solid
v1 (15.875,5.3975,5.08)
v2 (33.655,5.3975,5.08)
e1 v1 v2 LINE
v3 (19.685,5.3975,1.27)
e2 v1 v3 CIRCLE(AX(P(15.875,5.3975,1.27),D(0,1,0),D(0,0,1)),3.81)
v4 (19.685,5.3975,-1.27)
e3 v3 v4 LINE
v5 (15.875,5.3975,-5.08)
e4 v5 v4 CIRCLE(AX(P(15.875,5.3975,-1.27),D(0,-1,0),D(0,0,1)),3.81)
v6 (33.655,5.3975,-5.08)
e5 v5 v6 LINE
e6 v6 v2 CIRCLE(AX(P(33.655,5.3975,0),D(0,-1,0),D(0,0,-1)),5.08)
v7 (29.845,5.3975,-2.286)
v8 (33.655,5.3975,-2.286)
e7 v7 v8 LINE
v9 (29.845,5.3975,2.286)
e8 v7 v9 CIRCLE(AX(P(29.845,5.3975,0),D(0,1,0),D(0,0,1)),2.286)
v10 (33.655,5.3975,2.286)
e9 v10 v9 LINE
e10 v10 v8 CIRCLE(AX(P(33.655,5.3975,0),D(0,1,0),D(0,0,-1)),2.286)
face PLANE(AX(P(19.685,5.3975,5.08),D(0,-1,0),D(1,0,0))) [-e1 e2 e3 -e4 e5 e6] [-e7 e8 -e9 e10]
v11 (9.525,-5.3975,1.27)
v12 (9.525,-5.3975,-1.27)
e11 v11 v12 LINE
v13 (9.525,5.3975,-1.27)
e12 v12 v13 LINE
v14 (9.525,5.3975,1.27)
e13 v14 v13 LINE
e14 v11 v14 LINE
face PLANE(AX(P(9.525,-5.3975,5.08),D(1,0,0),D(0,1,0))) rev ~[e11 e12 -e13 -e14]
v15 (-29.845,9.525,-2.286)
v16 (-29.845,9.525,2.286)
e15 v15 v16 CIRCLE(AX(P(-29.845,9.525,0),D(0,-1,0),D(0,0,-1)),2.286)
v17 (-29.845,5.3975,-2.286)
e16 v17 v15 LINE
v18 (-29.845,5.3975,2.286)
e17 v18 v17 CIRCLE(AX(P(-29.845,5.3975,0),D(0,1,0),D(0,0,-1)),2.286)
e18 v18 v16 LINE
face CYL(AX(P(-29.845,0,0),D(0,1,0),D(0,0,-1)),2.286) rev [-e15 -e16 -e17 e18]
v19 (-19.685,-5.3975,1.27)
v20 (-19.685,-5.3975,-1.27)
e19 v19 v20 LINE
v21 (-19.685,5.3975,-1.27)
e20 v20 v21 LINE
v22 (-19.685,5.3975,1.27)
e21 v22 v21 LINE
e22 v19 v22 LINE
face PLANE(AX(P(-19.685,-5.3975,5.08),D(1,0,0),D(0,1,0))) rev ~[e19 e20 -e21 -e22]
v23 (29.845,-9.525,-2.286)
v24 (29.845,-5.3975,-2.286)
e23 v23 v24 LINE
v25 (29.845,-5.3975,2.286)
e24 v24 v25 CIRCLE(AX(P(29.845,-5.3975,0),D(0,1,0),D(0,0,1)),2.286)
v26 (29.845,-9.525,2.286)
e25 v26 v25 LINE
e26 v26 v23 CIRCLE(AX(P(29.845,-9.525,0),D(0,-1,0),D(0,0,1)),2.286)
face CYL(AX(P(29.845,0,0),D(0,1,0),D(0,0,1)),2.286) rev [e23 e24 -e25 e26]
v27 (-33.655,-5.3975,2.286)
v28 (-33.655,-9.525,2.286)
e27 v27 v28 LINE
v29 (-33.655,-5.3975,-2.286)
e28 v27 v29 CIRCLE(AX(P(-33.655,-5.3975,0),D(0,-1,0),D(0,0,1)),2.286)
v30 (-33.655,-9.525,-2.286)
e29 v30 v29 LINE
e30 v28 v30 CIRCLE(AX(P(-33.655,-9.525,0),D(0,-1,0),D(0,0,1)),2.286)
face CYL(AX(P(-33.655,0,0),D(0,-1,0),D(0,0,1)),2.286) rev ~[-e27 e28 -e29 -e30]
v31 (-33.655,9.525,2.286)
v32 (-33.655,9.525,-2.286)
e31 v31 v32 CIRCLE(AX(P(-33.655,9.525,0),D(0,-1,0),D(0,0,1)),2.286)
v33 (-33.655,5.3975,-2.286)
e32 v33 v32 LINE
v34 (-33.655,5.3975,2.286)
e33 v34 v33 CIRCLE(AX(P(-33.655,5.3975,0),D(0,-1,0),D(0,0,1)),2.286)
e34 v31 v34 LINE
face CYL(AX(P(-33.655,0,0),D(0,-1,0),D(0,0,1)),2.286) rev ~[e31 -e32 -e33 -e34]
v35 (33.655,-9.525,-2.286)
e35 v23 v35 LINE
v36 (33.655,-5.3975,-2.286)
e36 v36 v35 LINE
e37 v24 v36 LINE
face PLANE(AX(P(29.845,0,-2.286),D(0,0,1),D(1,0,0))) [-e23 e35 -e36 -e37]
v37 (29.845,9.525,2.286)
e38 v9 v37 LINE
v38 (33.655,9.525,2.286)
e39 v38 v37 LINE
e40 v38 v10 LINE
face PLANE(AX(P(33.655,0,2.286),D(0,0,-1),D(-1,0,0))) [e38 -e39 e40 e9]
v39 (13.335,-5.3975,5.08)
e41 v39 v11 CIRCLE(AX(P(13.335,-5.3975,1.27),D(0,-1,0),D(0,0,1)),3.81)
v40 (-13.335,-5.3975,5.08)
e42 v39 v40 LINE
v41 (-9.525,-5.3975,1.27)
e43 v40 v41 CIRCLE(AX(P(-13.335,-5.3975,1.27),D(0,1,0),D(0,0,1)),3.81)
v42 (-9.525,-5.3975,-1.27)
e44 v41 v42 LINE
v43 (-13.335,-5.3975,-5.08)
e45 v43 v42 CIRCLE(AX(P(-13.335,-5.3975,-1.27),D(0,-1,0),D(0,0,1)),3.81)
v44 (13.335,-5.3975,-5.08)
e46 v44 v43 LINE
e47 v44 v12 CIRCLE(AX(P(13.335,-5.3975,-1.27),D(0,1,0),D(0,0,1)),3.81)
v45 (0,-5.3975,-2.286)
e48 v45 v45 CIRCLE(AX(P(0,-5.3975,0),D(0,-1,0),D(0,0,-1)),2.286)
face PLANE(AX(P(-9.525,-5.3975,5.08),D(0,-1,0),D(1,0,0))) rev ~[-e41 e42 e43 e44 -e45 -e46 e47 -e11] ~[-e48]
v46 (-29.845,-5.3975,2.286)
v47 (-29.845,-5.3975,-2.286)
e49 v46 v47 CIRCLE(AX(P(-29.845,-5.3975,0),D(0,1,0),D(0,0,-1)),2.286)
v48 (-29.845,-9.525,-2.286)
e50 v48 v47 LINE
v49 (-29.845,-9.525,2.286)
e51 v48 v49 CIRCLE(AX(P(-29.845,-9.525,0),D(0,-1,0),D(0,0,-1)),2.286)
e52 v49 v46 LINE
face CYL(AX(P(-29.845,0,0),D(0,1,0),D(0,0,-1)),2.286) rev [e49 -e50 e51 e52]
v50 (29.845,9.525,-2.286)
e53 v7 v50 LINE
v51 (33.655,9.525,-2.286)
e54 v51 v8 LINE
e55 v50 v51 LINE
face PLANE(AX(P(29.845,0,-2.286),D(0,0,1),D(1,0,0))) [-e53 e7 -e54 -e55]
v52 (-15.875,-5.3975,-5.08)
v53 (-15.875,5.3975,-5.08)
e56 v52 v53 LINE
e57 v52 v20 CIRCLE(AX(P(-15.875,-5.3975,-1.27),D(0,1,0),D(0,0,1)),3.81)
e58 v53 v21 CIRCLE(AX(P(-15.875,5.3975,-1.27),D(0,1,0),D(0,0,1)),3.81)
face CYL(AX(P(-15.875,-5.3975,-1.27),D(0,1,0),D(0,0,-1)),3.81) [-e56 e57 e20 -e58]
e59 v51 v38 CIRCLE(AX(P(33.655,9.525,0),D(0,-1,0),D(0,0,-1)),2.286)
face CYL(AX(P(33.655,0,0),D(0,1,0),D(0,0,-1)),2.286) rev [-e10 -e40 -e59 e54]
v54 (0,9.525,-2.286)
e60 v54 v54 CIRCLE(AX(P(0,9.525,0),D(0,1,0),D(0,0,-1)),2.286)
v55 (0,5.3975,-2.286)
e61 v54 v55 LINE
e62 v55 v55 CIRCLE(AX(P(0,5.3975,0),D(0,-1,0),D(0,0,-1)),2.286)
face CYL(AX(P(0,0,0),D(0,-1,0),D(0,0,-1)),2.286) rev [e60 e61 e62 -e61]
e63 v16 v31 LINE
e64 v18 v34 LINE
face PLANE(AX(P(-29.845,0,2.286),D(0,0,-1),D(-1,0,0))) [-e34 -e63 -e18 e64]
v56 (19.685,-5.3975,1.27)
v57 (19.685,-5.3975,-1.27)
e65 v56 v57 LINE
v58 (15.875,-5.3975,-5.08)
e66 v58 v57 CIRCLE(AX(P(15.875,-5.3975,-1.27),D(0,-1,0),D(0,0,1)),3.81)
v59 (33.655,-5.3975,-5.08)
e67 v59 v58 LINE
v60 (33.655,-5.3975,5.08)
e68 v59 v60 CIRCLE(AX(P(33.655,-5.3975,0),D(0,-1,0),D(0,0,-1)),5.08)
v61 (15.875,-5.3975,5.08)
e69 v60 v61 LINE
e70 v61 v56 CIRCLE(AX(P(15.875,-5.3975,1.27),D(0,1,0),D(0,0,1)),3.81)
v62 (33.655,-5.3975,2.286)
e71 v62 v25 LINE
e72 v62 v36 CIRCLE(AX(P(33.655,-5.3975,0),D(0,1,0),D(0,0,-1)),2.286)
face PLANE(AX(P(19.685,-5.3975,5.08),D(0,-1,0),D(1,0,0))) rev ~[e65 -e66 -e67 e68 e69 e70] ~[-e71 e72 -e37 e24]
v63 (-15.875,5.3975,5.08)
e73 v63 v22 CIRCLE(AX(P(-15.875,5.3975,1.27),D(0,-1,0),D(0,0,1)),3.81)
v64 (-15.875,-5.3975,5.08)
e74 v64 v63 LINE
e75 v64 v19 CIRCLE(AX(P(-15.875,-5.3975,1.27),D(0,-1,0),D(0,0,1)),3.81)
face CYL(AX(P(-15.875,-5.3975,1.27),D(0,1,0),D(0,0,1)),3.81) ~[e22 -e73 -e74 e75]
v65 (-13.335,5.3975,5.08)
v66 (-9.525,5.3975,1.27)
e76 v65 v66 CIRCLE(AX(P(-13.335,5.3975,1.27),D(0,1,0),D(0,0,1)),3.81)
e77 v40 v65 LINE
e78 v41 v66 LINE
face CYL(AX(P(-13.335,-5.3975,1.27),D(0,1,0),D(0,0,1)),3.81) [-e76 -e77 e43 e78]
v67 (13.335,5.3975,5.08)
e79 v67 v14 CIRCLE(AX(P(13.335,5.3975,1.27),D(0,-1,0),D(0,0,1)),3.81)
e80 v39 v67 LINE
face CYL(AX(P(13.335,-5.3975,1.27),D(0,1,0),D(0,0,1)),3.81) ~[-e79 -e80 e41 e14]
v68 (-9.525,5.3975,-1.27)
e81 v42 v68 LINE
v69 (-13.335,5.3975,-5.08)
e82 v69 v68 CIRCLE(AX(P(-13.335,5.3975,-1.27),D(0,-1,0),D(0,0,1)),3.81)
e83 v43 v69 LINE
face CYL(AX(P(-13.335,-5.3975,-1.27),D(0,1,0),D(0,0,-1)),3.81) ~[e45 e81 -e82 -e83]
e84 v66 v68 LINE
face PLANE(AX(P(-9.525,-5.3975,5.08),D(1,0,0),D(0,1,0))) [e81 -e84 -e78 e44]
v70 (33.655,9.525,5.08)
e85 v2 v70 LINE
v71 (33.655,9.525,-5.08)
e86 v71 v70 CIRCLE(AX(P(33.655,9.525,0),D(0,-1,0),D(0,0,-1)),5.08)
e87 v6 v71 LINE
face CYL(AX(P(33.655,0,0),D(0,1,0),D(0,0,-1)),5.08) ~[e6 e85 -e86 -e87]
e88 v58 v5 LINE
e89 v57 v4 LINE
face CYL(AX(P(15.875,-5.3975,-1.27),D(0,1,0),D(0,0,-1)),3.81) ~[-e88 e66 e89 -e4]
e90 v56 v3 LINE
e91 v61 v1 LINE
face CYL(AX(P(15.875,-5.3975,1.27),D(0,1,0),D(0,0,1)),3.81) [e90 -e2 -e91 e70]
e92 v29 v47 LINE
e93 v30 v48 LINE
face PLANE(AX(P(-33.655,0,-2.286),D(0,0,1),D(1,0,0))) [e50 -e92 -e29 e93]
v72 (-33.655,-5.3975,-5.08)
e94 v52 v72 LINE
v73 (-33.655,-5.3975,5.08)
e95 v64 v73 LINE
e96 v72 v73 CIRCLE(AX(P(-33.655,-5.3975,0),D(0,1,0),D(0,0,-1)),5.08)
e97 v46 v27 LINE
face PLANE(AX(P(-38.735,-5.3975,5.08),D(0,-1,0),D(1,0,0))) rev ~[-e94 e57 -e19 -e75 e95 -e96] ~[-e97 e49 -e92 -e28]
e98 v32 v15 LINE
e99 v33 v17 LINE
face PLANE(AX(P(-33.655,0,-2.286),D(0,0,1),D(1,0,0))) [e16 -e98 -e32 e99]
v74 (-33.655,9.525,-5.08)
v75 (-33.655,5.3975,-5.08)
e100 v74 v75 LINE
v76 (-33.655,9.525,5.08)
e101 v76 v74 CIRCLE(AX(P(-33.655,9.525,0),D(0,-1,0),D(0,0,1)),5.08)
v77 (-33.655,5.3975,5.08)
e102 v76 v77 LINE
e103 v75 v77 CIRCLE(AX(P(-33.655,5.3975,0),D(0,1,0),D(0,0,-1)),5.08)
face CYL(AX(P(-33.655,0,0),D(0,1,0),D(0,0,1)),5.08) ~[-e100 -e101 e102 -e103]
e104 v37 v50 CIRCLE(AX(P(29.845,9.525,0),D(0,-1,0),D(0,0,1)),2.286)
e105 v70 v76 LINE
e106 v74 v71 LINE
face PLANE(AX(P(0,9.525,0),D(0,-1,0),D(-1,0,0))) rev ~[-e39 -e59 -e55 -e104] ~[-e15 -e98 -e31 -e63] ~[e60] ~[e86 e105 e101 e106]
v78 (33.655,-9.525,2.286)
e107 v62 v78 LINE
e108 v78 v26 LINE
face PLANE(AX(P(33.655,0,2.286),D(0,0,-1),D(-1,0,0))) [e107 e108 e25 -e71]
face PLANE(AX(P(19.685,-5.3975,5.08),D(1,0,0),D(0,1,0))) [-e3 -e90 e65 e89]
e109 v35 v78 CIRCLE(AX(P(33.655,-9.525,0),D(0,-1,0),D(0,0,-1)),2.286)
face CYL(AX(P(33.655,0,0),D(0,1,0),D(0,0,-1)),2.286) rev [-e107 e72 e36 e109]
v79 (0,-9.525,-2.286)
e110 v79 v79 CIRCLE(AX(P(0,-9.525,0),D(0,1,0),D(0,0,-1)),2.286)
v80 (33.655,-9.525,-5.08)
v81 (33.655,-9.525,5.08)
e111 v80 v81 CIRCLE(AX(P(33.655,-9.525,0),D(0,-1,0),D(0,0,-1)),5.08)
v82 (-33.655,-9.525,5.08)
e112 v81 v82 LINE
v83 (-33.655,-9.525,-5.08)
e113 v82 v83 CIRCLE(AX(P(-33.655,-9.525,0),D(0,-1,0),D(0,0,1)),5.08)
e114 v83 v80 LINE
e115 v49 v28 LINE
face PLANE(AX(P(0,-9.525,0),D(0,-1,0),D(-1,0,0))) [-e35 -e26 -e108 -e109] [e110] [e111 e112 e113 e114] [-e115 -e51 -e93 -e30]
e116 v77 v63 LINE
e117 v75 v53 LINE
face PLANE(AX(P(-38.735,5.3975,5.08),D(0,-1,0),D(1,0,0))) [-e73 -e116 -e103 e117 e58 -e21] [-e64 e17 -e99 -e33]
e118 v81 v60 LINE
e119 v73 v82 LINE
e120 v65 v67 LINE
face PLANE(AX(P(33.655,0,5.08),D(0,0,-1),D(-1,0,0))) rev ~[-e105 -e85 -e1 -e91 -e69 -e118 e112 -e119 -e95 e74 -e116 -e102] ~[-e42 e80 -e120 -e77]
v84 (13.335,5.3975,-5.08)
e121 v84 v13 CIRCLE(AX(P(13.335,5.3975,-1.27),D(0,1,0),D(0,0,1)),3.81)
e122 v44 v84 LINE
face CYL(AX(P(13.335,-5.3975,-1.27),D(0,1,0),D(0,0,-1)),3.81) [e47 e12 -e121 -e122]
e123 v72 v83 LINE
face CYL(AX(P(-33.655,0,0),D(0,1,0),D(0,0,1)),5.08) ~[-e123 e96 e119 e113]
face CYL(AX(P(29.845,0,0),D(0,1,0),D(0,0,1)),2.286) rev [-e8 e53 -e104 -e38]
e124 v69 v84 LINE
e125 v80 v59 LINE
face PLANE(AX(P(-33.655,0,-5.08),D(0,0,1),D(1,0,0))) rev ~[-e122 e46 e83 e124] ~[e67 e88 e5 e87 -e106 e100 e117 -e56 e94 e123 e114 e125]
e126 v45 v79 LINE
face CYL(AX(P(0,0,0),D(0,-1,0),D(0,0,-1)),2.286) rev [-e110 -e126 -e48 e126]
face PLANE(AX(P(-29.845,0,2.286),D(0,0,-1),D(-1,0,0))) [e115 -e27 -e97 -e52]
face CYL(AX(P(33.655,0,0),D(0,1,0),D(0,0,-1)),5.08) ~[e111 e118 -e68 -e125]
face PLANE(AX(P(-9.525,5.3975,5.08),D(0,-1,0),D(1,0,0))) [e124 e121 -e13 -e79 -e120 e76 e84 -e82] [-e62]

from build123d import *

# Parameters (mm, degrees)
SKETCH1_R           = 2.286
BOSS_EXTRUDE1_DEPTH = 9.525
SKETCH3_W           = 19.05
SKETCH3_H           = 10.795
CUT_EXTRUDE1_DEPTH  = 42.162500531
FILLET1_R           = 3.81


with BuildPart() as part:
    # Sketch1 → Boss-Extrude1 (new, symmetric)
    with BuildSketch(Plane(origin=(0, 0, 0), x_dir=(1, 0, 0), z_dir=(0, 1, 0))):
        with BuildLine():
            Line((33.655, -5.08), (-33.655, -5.08))
            ThreePointArc((-33.655, -5.08), (-38.735, 0), (-33.655, 5.08))
            Line((-33.655, 5.08), (33.655, 5.08))
            ThreePointArc((33.655, 5.08), (38.735, 0), (33.655, -5.08))
        make_face()
        with Locations(Location((0, 0, 0), (0, 0, 90))):
            Circle(SKETCH1_R, mode=Mode.SUBTRACT)
        with BuildLine():
            Line((33.655, -2.286), (29.845, -2.286))
            ThreePointArc((29.845, -2.286), (27.559, 0), (29.845, 2.286))
            Line((29.845, 2.286), (33.655, 2.286))
            ThreePointArc((33.655, 2.286), (35.941, 0), (33.655, -2.286))
        make_face(mode=Mode.SUBTRACT)
        with BuildLine():
            Line((-33.655, 2.286), (-29.845, 2.286))
            ThreePointArc((-29.845, 2.286), (-27.559, 0), (-29.845, -2.286))
            Line((-29.845, -2.286), (-33.655, -2.286))
            ThreePointArc((-33.655, -2.286), (-35.941, 0), (-33.655, 2.286))
        make_face(mode=Mode.SUBTRACT)
    extrude(amount=BOSS_EXTRUDE1_DEPTH, both=True)

    # Sketch3 → Cut-Extrude1 (cut, through all)
    with BuildSketch(Plane.XY.offset(5.08)):
        with Locations((-29.21, 0)):
            Rectangle(SKETCH3_W, SKETCH3_H)
        Rectangle(SKETCH3_W, SKETCH3_H)
        with Locations((29.21, 0)):
            Rectangle(SKETCH3_W, SKETCH3_H)
    extrude(amount=-CUT_EXTRUDE1_DEPTH, mode=Mode.SUBTRACT)

    # Fillet1
    fillet1_edges = [part.edges().sort_by_distance(p)[0] for p in [
        (19.685, 0, -5.08),
        (19.685, 0, 5.08),
        (-19.685, 0, 5.08),
        (-19.685, 0, -5.08),
        (-9.525, 0, -5.08),
        (9.525, 0, -5.08),
        (-9.525, 0, 5.08),
        (9.525, 0, 5.08),
    ]]
    fillet(fillet1_edges, radius=FILLET1_R)


solid = part.part
